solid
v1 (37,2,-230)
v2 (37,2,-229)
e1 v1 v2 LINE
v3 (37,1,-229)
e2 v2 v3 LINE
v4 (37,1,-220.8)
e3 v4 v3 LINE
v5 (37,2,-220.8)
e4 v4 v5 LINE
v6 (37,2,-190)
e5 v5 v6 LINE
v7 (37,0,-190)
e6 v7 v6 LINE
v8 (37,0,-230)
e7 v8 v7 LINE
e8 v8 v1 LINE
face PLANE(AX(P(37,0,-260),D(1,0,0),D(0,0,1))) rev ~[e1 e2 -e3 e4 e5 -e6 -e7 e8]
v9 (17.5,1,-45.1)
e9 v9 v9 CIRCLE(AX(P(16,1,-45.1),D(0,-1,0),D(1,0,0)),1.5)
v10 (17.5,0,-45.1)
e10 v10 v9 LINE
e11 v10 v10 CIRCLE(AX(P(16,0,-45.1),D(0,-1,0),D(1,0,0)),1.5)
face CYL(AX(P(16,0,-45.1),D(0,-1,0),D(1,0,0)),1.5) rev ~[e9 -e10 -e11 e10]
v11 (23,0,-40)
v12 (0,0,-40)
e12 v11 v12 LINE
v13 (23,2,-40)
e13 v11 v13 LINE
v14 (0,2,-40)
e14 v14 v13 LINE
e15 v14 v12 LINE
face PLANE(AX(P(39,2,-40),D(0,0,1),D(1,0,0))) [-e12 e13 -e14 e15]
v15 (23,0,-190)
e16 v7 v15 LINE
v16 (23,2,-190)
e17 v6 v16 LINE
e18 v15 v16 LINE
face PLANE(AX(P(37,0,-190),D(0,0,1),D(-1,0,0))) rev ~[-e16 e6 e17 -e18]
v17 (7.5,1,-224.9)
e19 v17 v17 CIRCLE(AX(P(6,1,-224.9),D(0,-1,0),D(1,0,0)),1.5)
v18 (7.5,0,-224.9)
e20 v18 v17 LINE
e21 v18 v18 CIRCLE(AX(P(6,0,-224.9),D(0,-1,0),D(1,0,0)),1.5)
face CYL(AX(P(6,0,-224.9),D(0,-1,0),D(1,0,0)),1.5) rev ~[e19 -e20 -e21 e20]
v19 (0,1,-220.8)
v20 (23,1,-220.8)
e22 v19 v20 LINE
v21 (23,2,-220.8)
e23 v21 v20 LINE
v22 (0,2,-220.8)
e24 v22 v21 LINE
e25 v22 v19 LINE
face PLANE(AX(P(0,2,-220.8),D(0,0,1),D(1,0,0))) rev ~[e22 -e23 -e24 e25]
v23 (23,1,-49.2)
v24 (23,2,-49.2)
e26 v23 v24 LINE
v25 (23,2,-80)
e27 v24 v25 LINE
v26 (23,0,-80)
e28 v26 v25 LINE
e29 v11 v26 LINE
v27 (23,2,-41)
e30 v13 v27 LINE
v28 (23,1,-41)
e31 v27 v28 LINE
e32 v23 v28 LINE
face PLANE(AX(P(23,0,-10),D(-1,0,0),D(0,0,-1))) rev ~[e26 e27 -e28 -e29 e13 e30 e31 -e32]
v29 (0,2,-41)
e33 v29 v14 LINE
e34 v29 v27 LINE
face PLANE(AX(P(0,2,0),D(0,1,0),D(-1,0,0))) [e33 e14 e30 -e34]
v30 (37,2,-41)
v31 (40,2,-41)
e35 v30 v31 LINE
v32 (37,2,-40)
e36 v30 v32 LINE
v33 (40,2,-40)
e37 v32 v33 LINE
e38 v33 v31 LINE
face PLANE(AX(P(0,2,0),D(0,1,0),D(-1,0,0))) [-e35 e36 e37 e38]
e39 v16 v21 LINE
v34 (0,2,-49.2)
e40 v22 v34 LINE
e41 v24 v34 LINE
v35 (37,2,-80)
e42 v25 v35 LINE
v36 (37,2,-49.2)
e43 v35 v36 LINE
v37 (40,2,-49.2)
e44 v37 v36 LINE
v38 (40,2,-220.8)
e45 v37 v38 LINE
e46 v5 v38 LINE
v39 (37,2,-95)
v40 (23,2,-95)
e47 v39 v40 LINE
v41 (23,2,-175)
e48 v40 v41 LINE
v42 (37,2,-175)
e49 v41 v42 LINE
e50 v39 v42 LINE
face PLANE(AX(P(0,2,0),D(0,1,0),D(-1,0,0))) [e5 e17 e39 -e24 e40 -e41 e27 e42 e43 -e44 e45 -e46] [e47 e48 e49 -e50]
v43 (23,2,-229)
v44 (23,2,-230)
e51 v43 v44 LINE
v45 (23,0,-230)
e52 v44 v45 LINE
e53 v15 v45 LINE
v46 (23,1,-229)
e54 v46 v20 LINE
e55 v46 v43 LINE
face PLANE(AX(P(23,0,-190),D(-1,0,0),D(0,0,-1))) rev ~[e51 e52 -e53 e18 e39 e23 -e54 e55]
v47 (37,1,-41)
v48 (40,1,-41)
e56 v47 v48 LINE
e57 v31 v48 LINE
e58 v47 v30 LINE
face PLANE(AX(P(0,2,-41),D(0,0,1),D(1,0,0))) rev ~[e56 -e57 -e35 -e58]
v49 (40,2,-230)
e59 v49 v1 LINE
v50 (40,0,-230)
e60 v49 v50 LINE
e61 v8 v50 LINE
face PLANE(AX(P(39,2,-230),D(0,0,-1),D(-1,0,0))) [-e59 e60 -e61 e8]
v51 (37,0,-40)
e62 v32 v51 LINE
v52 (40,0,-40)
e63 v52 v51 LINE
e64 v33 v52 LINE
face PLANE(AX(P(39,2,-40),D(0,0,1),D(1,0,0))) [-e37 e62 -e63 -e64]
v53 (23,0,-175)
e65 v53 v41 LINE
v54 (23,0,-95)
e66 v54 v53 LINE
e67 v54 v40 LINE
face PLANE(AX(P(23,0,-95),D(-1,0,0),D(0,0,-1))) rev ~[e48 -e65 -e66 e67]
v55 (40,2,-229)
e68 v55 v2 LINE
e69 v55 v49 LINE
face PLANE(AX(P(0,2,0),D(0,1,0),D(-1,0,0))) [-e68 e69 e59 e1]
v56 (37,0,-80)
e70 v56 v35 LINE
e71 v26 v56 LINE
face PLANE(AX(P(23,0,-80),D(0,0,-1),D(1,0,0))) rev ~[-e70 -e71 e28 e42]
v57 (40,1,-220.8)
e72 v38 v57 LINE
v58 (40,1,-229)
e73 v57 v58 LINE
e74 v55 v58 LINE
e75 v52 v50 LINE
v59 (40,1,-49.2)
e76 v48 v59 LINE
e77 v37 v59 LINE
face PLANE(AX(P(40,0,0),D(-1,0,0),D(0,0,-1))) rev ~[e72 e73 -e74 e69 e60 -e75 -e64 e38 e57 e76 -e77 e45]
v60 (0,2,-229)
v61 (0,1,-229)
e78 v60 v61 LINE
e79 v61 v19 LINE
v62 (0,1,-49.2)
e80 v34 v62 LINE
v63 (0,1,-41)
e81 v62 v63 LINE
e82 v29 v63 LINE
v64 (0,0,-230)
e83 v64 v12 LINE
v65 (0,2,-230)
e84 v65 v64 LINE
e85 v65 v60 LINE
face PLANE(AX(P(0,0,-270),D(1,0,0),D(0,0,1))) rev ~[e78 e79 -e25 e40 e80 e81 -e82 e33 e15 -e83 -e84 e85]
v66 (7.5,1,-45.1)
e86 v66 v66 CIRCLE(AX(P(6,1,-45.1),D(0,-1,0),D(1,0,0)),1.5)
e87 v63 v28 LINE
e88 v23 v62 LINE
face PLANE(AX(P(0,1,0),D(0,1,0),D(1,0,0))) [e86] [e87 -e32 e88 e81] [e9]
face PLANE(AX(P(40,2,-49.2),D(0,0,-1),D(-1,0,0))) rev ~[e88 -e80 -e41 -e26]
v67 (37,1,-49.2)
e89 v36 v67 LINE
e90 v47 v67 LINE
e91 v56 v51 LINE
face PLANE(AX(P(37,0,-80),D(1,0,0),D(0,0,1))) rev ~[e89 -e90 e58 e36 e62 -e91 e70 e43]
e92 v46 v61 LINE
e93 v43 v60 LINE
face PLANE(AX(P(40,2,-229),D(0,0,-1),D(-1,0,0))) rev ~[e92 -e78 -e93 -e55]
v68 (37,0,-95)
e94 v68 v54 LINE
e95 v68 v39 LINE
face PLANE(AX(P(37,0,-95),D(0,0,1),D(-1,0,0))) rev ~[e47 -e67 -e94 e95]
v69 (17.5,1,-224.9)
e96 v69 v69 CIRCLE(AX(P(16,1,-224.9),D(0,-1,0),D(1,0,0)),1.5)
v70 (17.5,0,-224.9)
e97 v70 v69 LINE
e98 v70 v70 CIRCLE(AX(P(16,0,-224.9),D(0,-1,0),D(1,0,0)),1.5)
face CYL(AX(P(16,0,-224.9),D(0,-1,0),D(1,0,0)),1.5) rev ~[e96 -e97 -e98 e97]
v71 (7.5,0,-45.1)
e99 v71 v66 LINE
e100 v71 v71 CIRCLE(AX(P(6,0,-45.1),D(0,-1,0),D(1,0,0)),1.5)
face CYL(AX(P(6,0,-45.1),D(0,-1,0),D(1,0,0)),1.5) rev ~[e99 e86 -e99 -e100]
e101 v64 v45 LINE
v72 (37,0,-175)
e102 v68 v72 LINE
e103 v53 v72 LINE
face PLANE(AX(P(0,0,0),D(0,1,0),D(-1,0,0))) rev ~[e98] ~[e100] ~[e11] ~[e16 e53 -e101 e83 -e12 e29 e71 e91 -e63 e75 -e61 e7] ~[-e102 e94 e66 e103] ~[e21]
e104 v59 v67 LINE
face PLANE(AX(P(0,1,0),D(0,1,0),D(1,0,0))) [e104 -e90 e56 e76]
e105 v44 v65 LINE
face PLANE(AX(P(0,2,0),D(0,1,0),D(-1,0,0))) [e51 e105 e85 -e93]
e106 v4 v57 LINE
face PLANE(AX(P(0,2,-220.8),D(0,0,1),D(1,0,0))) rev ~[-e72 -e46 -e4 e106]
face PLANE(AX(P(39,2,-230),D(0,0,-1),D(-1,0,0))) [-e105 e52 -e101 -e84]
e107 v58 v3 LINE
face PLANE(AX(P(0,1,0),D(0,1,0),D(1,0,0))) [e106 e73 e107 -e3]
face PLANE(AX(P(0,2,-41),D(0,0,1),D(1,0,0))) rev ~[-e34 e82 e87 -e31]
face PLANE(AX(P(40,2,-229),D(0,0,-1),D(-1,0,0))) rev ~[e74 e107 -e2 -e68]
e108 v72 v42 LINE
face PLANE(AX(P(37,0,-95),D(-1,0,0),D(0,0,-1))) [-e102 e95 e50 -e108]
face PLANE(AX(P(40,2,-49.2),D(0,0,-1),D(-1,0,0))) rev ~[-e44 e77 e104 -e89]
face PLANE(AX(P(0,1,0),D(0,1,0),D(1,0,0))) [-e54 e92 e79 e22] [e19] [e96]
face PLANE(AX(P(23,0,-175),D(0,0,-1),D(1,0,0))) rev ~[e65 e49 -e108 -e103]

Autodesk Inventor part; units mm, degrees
ref_plane "YZ Plane" through (0, 0, 0) normal (1, 0, 0) x (0, 1, 0)
ref_plane "XZ Plane" through (0, 0, 0) normal (0, 1, 0) x (-1, 0, 0)
ref_plane "XY Plane" through (0, 0, 0) normal (0, 0, 1) x (1, 0, 0)
sketch "스케치1" plane through (0, 0, 0) normal (0, 1, 0) x (-1, 0, 0)
  line L0 (0, 0) -> (-40, 0)
  line L1 (-40, 0) -> (-40, -270)
  line L2 (-40, -270) -> (0, -270)
  line L3 (0, -270) -> (0, 0)
  dimension "d0" = 40
  dimension "d1" = 270
extrude "돌출1" add sketch "스케치1" along normal blind 2
sketch "스케치2" plane through (0, 2, 0) normal (0, 1, 0) x (1, 0, 0)
  line L0 (0, 0) -> (40, 0) projected
  line L1 (40, 0) -> (40, 270) projected
  line L2 (40, 270) -> (0, 270) projected
  line L3 (0, 270) -> (0, 0) projected
  line L4 (0, 270) -> (0, 0) projected
  line L5 (40, 229) -> (0, 229)
  line L6 (0, 229) -> (0, 220.8)
  line L7 (0, 220.8) -> (40, 220.8)
  line L8 (40, 220.8) -> (40, 229)
  line L9 (40, 0) -> (40, 270) projected
  line L10 (40, 49.2) -> (0, 49.2)
  line L11 (0, 49.2) -> (0, 41)
  line L12 (0, 41) -> (40, 41)
  line L13 (40, 41) -> (40, 49.2)
  dimension "d4" = 8.2
  dimension "d5" = 8.2
  dimension "d6" = 41
  dimension "d7" = 41
extrude "돌출2" cut sketch "스케치2" against normal blind 1 contours L3 L10 L1 L12 | L3 L5 L1 L7
sketch "스케치3" plane through (0, 0, 0) normal (0, -1, 0) x (1, 0, 0)
  line L0 (0, 0) -> (40, 0) projected
  line L1 (0, -270) -> (0, 0) projected
  line L2 (40, -270) -> (0, -270) projected
  line L3 (40, 0) -> (40, -270) projected
  line L4 (37, -260) -> (37, -190)
  line L5 (37, -190) -> (23, -190)
  line L6 (23, -190) -> (23, -260)
  line L7 (23, -80) -> (37, -80)
  line L8 (37, -80) -> (37, -10)
  line L9 (37, -10) -> (23, -10)
  line L10 (23, -10) -> (23, -80)
  line L11 (23, -260) -> (37, -260)
  dimension "d15" = 14
  dimension "d17" = 3
  dimension "d20" = 14
  dimension "d21" = 70
  dimension "d22" = 3
  dimension "d23" = 10
  dimension "d25" = 10
  dimension "d26" = 70
extrude "돌출4" cut sketch "스케치3" against normal blind 2 contours L11 L6 L5 L4 | L10 L9 L8 L7
sketch "스케치4" plane through (0, 0, 0) normal (0, -1, 0) x (1, 0, 0)
  line L0 (23, -190) -> (37, -190) projected
  line L1 (37, -190) -> (37, -260) projected
  line L2 (37, -260) -> (23, -260) projected
  line L3 (23, -260) -> (23, -190) projected
  line L4 (37, -10) -> (37, -80) projected
  line L5 (37, -80) -> (23, -80) projected
  line L6 (23, -80) -> (23, -10) projected
  line L7 (23, -10) -> (37, -10) projected
  line L8 (0, 0) -> (40, 0) projected
  line L9 (0, -270) -> (0, 0) projected
  line L10 (40, -270) -> (0, -270) projected
  line L11 (40, 0) -> (40, -270) projected
  line L12 (23, -175) -> (37, -175)
  line L13 (37, -95) -> (23, -95)
  line L14 (23, -95) -> (23, -175)
  line L15 (37, -95) -> (37, -175)
  dimension "d36" = 95
  dimension "d39" = 14
  dimension "d40" = 3
  dimension "d41" = 80
extrude "돌출6" cut sketch "스케치4" against normal blind 2 contours L14 L13 L15 L12
sketch "스케치5" plane through (0, 2, 0) normal (0, 1, 0) x (1, 0, 0)
  line L0 (40, 229) -> (40, 270) projected
  line L1 (0, 270) -> (0, 229) projected
  line L2 (40, 269) -> (0, 269)
  line L3 (0, 269) -> (0, 260.8)
  line L4 (0, 260.8) -> (40, 260.8)
  line L5 (40, 260.8) -> (40, 269)
  line L6 (40, 0) -> (40, 41) projected
  line L7 (0, 41) -> (0, 0) projected
  line L8 (40, 9.2) -> (0, 9.2)
  line L9 (0, 9.2) -> (0, 1)
  line L10 (0, 1) -> (40, 1)
  line L11 (40, 1) -> (40, 9.2)
  line L12 (0, 0) -> (40, 0) projected
  line L13 (40, 270) -> (0, 270) projected
  dimension "d44" = 8.2
  dimension "d45" = 8.2
  dimension "d46" = 1
  dimension "d47" = 1
extrude "돌출7" cut sketch "스케치5" against normal blind 1 contours L4 L1 L2 L0 | L10 L7 L8 L6
sketch "스케치6" plane through (0, 0, 0) normal (0, -1, 0) x (1, 0, 0)
  line L0 (0, -9.2) -> (40, -9.2) projected
  line L1 (40, -9.2) -> (40, -41) projected
  line L2 (40, -41) -> (37, -41) projected
  line L3 (37, -41) -> (37, -10) projected
  line L4 (37, -10) -> (23, -10) projected
  line L5 (23, -10) -> (23, -41) projected
  line L6 (23, -41) -> (0, -41) projected
  line L7 (0, -41) -> (0, -9.2) projected
  line L8 (37, -95) -> (23, -95) projected
  line L9 (23, -190) -> (23, -220.8) projected
  line L10 (23, -220.8) -> (0, -220.8) projected
  line L11 (0, -220.8) -> (0, -49.2) projected
  line L12 (0, -49.2) -> (23, -49.2) projected
  line L13 (23, -49.2) -> (23, -80) projected
  line L14 (23, -80) -> (37, -80) projected
  line L15 (37, -80) -> (37, -49.2) projected
  line L16 (37, -49.2) -> (40, -49.2) projected
  line L17 (40, -49.2) -> (40, -220.8) projected
  line L18 (40, -220.8) -> (37, -220.8) projected
  line L19 (37, -220.8) -> (37, -190) projected
  line L20 (40, -260.8) -> (0, -260.8) projected
  line L21 (0, -260.8) -> (0, -229) projected
  line L22 (0, -229) -> (23, -229) projected
  line L23 (23, -229) -> (23, -260) projected
  line L24 (23, -260) -> (37, -260) projected
  line L25 (37, -260) -> (37, -229) projected
  line L26 (37, -229) -> (40, -229) projected
  line L27 (40, -229) -> (40, -260.8) projected
  line L28 (0, -269) -> (40, -269) projected
  line L29 (40, -269) -> (40, -270) projected
  line L30 (40, -270) -> (0, -270) projected
  line L31 (0, -270) -> (0, -269) projected
  line L32 (40, -1) -> (0, -1) projected
  line L33 (0, -1) -> (0, 0) projected
  line L34 (0, 0) -> (40, 0) projected
  line L35 (40, 0) -> (40, -1) projected
  circle A0 centre (6, -5.1) radius 1.5
  circle A1 centre (16, -5.1) radius 1.5
  circle A2 centre (6, -45.1) radius 1.5
  circle A3 centre (16, -45.1) radius 1.5
  circle A4 centre (6, -224.9) radius 1.5
  circle A5 centre (16, -224.9) radius 1.5
  circle A6 centre (6, -264.9) radius 1.5
  circle A7 centre (16, -264.9) radius 1.5
  line L36 (0, -270) -> (0, 0) projected
  line L37 (37, -175) -> (37, -95) projected
  line L38 (23, -95) -> (23, -175) projected
  line L39 (23, -175) -> (37, -175) projected
  line L40 (37, -190) -> (23, -190) projected
  dimension "d50" = 3
  dimension "d51" = 3
  dimension "d52" = 3
  dimension "d53" = 3
  dimension "d54" = 3
  dimension "d55" = 3
  dimension "d56" = 3
  dimension "d57" = 3
  dimension "d58" = 4.1
  dimension "d59" = 6
  dimension "d60" = 4.1
  dimension "d61" = 10
  dimension "d62" = 4.1
  dimension "d63" = 4.1
  dimension "d64" = 6
  dimension "d65" = 10
  dimension "d66" = 4.1
  dimension "d67" = 4.1
  dimension "d68" = 6
  dimension "d69" = 10
  dimension "d70" = 4.1
  dimension "d71" = 4.1
  dimension "d72" = 6
  dimension "d73" = 10
extrude "돌출8" cut sketch "스케치6" against normal blind 3 contours A0 | A1 | A2 | A3 | A4 | A5 | A6 | A7
sketch "스케치8" plane through (0, 2, 0) normal (0, 1, 0) x (1, 0, 0)
  line L0 (39, 40) -> (38, 40)
  line L1 (22, 40) -> (0, 40)
  line L2 (39, 230) -> (38, 230)
  line L3 (22, 230) -> (0, 230)
  line L4 (0, 40) -> (40, 40)
  line L5 (40, 40) -> (40, 0)
  line L6 (40, 0) -> (0, 0)
  line L7 (0, 0) -> (0, 40)
  line L8 (40, 270) -> (0, 270) projected
  line L9 (0, 230) -> (40, 230)
  line L10 (40, 230) -> (40, 270)
  line L11 (40, 270) -> (0, 270)
  line L12 (0, 270) -> (0, 230)
extrude "돌출10" cut sketch "스케치8" against normal blind 2
properties part number "앞뒷판_위_수정" material "알루미늄 6061"
